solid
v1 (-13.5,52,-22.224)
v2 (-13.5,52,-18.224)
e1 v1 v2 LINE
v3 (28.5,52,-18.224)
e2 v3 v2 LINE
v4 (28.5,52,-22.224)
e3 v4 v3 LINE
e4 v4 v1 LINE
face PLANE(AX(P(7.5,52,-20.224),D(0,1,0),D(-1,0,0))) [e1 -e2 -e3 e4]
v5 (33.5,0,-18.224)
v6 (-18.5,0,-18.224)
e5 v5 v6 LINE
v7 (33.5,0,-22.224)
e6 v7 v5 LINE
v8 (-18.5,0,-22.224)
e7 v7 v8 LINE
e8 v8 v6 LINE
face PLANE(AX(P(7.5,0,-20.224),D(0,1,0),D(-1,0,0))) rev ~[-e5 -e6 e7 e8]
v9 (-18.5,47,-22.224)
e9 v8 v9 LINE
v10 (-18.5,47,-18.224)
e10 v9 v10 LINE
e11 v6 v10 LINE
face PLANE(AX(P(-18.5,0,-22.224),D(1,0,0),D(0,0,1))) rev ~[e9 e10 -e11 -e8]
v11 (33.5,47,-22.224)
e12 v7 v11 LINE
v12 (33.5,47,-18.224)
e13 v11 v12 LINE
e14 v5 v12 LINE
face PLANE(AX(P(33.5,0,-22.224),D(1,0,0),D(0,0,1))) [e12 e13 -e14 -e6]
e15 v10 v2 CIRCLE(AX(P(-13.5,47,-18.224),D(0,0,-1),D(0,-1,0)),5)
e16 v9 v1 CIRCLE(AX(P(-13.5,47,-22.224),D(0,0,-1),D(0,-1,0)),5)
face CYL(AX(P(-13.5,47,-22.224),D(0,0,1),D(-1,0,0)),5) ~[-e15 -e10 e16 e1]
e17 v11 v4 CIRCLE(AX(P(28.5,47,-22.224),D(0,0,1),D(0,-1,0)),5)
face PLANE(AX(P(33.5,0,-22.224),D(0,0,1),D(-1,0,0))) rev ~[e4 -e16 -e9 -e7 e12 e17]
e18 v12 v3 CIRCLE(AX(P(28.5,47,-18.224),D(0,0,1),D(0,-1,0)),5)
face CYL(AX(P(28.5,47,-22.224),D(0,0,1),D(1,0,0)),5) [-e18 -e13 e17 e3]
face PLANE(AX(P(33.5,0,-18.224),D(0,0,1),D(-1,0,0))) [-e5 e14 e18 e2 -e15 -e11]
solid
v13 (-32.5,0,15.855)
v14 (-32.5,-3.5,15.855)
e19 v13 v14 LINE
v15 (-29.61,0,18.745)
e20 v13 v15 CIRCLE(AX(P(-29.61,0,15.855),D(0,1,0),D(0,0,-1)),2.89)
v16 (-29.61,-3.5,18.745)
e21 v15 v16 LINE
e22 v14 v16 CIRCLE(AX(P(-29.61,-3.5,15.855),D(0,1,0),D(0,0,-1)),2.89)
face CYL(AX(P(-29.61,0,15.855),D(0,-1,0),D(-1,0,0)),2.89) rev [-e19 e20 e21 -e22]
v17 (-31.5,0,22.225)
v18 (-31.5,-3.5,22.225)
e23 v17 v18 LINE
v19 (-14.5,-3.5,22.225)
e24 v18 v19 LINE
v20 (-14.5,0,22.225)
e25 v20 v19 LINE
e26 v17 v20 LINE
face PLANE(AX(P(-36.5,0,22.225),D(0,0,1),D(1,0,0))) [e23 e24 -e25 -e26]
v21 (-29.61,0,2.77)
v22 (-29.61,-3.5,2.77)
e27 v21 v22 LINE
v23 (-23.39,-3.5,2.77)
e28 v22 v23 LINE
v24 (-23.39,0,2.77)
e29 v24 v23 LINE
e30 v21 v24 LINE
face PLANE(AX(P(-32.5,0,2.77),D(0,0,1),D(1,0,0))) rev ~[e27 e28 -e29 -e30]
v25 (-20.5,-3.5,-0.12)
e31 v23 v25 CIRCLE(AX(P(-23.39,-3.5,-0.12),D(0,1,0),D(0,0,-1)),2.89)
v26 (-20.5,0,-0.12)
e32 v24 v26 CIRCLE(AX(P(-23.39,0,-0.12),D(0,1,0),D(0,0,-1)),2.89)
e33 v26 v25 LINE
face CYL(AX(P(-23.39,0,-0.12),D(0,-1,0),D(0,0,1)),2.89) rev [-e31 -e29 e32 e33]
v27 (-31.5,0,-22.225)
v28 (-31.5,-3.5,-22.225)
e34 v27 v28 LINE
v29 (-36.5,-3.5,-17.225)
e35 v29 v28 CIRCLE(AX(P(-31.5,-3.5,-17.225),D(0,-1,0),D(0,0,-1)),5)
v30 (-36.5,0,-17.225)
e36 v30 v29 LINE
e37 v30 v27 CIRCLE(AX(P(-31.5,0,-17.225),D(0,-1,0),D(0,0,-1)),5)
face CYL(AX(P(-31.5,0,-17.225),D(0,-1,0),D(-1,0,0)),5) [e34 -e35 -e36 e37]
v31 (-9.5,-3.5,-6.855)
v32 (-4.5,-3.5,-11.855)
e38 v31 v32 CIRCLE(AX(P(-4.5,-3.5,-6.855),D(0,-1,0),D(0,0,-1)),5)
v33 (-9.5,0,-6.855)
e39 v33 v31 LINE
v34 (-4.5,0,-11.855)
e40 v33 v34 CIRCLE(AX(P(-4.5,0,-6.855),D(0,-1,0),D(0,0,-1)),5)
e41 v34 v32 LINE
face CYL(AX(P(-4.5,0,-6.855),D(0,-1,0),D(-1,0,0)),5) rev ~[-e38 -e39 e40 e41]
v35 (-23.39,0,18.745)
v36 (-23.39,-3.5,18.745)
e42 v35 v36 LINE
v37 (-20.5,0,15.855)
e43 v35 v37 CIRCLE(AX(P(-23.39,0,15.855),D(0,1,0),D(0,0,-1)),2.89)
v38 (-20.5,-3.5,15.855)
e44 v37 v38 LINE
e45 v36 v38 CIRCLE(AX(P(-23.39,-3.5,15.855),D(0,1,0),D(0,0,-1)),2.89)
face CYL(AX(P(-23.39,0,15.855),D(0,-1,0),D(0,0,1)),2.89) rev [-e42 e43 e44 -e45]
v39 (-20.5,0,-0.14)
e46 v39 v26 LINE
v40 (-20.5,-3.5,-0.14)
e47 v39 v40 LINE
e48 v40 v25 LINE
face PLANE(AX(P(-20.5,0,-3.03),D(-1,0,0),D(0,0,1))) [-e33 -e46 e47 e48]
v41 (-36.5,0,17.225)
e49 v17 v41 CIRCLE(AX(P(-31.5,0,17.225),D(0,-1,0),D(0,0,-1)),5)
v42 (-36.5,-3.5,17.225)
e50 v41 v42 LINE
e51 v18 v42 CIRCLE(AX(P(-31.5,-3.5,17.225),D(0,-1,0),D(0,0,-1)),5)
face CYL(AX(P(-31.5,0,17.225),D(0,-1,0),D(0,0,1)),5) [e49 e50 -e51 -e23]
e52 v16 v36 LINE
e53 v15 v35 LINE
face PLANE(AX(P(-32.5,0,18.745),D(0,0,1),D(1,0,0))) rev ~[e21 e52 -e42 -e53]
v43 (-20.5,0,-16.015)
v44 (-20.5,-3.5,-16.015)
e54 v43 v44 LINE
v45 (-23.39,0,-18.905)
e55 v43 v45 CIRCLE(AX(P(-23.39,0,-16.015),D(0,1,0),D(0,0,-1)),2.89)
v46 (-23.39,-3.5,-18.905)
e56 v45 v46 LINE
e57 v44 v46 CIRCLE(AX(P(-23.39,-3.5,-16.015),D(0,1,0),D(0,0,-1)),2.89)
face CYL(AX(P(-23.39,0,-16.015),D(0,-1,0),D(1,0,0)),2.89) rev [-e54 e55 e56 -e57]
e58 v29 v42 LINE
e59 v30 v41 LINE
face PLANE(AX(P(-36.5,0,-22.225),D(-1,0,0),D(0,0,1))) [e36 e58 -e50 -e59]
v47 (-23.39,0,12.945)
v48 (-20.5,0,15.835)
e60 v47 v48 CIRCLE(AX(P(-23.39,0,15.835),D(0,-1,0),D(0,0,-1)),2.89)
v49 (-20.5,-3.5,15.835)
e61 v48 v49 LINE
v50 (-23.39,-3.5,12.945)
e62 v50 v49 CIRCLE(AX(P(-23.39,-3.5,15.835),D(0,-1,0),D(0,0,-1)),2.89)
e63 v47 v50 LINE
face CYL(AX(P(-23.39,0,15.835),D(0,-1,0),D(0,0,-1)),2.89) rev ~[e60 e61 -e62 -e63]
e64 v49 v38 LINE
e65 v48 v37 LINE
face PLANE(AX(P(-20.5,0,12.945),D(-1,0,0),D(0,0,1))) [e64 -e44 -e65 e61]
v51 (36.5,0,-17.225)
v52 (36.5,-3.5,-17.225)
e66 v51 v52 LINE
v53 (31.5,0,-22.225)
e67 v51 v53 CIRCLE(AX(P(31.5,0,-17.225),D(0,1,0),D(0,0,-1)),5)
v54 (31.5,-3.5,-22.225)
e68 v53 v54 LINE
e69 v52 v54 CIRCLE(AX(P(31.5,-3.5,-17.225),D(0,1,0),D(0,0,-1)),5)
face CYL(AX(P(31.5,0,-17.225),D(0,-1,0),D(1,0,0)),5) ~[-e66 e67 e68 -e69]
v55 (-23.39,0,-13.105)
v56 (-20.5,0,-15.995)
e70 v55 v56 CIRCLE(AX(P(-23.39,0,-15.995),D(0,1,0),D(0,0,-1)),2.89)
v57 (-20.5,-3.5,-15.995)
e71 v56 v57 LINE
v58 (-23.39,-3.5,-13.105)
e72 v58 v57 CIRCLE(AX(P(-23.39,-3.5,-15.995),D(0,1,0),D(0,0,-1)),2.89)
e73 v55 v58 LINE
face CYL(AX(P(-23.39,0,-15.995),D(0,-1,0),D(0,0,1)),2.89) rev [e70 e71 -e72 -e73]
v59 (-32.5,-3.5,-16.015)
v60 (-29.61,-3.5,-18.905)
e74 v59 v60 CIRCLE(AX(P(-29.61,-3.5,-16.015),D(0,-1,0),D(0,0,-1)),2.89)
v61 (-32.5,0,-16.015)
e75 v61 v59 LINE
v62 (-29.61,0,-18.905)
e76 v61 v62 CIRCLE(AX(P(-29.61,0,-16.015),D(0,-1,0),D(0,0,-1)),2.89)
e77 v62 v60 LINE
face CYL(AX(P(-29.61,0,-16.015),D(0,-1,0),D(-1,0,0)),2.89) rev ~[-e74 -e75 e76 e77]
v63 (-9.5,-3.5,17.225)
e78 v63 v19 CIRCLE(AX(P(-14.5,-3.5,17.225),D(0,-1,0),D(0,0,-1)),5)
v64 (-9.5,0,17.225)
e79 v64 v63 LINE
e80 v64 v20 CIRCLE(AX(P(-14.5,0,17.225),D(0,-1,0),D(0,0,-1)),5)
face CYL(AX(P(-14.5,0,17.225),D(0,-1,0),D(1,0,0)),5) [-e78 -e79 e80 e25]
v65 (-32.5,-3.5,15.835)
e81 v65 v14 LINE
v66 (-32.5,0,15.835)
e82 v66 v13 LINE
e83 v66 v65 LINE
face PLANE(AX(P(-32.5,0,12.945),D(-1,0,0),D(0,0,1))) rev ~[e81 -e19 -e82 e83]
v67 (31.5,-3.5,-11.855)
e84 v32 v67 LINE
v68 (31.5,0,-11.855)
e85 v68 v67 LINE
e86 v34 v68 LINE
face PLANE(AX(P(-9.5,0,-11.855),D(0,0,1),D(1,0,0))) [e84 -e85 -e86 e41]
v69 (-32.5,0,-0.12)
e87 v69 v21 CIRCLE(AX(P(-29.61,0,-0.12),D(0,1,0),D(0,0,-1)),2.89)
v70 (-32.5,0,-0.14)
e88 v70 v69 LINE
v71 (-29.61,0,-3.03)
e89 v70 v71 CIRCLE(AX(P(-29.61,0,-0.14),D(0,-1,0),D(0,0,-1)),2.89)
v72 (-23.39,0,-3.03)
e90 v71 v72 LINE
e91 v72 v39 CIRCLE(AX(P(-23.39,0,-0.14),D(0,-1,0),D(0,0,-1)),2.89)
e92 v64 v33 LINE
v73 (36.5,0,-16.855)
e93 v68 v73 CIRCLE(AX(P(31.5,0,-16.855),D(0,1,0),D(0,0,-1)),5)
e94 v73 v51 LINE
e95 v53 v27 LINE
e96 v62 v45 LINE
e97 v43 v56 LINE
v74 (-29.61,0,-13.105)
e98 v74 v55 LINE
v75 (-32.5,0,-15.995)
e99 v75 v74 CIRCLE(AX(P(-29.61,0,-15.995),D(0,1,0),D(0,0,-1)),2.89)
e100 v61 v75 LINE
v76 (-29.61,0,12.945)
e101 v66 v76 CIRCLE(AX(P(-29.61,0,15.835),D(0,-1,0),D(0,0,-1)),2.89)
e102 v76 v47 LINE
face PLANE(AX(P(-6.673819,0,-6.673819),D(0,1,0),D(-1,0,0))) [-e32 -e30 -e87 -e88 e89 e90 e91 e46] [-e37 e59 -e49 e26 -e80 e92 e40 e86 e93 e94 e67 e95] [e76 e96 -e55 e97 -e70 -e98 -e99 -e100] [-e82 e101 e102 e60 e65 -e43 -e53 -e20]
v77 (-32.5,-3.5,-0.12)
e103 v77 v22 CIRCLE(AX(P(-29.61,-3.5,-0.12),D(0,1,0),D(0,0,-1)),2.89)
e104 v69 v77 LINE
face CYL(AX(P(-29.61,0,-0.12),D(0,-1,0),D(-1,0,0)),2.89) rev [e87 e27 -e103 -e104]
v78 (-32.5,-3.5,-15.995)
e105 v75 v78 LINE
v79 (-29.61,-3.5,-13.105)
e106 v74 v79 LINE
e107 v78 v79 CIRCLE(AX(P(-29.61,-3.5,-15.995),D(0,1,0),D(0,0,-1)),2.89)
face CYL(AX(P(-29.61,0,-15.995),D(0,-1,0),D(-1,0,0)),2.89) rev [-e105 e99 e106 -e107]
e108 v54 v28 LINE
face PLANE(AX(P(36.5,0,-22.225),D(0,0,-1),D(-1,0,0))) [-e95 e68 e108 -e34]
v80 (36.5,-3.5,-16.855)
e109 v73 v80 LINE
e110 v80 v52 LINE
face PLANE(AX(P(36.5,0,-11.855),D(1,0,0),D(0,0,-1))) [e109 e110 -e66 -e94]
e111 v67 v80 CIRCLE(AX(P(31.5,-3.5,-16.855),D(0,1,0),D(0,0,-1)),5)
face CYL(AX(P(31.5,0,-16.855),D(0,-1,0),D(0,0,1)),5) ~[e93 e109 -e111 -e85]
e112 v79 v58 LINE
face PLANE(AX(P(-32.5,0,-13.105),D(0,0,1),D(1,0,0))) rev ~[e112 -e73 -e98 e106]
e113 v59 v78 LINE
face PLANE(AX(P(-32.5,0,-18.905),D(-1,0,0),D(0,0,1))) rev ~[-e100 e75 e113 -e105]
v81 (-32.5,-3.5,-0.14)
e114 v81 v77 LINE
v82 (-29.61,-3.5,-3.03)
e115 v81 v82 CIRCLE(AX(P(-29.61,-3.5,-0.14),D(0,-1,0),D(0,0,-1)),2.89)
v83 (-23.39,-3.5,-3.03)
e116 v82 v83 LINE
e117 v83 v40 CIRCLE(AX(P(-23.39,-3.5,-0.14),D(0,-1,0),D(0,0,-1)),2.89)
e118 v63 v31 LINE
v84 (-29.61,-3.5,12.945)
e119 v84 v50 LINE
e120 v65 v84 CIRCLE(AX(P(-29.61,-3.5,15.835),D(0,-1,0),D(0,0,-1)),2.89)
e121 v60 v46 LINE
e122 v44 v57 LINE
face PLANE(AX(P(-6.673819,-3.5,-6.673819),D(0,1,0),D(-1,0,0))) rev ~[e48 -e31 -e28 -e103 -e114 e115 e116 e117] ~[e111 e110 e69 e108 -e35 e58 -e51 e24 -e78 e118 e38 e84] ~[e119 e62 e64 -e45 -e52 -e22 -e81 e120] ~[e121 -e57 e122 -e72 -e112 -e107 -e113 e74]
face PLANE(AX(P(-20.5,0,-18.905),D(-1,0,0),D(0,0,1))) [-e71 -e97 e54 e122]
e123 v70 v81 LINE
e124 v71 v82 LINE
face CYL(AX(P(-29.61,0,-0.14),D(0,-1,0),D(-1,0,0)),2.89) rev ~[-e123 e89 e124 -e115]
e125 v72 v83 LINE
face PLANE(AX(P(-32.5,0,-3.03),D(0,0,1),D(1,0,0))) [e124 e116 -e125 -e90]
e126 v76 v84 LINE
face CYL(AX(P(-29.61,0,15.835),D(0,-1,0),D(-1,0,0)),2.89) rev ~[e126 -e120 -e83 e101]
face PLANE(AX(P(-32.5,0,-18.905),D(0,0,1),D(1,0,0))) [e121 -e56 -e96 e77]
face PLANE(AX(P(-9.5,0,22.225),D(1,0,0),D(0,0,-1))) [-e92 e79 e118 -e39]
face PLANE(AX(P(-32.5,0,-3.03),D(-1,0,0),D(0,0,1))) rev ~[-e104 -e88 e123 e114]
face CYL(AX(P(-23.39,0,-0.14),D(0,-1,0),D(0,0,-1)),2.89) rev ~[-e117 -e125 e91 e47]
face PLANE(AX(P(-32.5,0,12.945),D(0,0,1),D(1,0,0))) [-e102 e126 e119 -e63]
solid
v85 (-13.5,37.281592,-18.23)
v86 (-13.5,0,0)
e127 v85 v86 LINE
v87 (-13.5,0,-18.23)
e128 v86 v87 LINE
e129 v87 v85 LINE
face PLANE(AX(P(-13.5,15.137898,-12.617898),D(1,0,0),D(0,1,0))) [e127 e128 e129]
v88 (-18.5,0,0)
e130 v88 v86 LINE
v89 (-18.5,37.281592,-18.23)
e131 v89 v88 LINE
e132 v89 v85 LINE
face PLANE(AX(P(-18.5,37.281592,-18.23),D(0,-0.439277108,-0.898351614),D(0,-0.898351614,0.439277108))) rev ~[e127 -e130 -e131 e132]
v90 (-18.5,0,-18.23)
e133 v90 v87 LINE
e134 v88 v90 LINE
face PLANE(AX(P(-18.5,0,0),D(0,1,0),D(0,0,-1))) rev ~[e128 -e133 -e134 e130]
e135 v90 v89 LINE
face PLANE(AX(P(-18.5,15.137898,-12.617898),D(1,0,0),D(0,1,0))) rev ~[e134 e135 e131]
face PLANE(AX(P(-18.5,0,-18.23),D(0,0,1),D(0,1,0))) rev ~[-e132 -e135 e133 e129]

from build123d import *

# Parameters (mm, degrees)
SKETCH001_W      = 52
SKETCH001_H      = 4
EXTRUDE001_DEPTH = 52
FILLET001_R      = 5
EXTRUDE002_DEPTH = 5
SKETCH_W         = 12
SKETCH_H         = 5.8
EXTRUDE_DEPTH    = 3.5
FILLET_R         = 5
FILLET002_R      = 2.89


with BuildPart() as holder:
    # Sketch001 → Extrude001 (new body)
    with BuildSketch(Plane(origin=(0, 0, 0), x_dir=(-1, 0, 0), z_dir=(0, 1, 0))):
        with Locations((-7.5, -20.224)):
            Rectangle(SKETCH001_W, SKETCH001_H)
    extrude(amount=EXTRUDE001_DEPTH)

    # Fillet001
    fillet001_edges = [holder.edges().sort_by_distance(p)[0] for p in [
        (-18.5, 52, -20.224),
        (33.5, 52, -20.224),
    ]]
    fillet(fillet001_edges, radius=FILLET001_R)


with BuildPart() as brace:
    # Sketch002 (on Face6 of Fillet001) → Extrude002 (new body)
    with BuildSketch(Plane(origin=(-18.5, 0, 0), x_dir=(0, -1, 0), z_dir=(-1, 0, 0))):
        Polygon((0, 0), (0, -18.23), (-37.281592, -18.23), align=None)
    extrude(amount=-EXTRUDE002_DEPTH)


with BuildPart() as round_inner:
    # Sketch → Extrude (new body)
    with BuildSketch(Plane.XZ):
        Polygon((-9.5, 22.225), (-9.5, -11.855), (36.5, -11.855), (36.5, -22.225), (-36.5, -22.225), (-36.5, 22.225), align=None)
        with Locations((-26.5, 15.845)):
            Rectangle(SKETCH_W, SKETCH_H, mode=Mode.SUBTRACT)
        with Locations((-26.5, -0.13)):
            Rectangle(SKETCH_W, SKETCH_H, mode=Mode.SUBTRACT)
        with Locations((-26.5, -16.005)):
            Rectangle(SKETCH_W, SKETCH_H, mode=Mode.SUBTRACT)
    extrude(amount=EXTRUDE_DEPTH)

    # Fillet
    fillet_edges = [round_inner.edges().sort_by_distance(p)[0] for p in [
        (-9.5, -1.75, 22.225),
        (-9.5, -1.75, -11.855),
        (36.5, -1.75, -11.855),
        (36.5, -1.75, -22.225),
        (-36.5, -1.75, -22.225),
        (-36.5, -1.75, 22.225),
    ]]
    fillet(fillet_edges, radius=FILLET_R)

    # Fillet002
    fillet002_edges = [round_inner.edges().sort_by_distance(p)[0] for p in [
        (-32.5, -1.75, -13.105),
        (-20.5, -1.75, -13.105),
        (-20.5, -1.75, -18.905),
        (-32.5, -1.75, -18.905),
        (-32.5, -1.75, 2.77),
        (-20.5, -1.75, 2.77),
        (-20.5, -1.75, -3.03),
        (-32.5, -1.75, -3.03),
        (-32.5, -1.75, 18.745),
        (-20.5, -1.75, 18.745),
        (-20.5, -1.75, 12.945),
        (-32.5, -1.75, 12.945),
    ]]
    fillet(fillet002_edges, radius=FILLET002_R)


solid = Compound([holder.part, brace.part, round_inner.part])
